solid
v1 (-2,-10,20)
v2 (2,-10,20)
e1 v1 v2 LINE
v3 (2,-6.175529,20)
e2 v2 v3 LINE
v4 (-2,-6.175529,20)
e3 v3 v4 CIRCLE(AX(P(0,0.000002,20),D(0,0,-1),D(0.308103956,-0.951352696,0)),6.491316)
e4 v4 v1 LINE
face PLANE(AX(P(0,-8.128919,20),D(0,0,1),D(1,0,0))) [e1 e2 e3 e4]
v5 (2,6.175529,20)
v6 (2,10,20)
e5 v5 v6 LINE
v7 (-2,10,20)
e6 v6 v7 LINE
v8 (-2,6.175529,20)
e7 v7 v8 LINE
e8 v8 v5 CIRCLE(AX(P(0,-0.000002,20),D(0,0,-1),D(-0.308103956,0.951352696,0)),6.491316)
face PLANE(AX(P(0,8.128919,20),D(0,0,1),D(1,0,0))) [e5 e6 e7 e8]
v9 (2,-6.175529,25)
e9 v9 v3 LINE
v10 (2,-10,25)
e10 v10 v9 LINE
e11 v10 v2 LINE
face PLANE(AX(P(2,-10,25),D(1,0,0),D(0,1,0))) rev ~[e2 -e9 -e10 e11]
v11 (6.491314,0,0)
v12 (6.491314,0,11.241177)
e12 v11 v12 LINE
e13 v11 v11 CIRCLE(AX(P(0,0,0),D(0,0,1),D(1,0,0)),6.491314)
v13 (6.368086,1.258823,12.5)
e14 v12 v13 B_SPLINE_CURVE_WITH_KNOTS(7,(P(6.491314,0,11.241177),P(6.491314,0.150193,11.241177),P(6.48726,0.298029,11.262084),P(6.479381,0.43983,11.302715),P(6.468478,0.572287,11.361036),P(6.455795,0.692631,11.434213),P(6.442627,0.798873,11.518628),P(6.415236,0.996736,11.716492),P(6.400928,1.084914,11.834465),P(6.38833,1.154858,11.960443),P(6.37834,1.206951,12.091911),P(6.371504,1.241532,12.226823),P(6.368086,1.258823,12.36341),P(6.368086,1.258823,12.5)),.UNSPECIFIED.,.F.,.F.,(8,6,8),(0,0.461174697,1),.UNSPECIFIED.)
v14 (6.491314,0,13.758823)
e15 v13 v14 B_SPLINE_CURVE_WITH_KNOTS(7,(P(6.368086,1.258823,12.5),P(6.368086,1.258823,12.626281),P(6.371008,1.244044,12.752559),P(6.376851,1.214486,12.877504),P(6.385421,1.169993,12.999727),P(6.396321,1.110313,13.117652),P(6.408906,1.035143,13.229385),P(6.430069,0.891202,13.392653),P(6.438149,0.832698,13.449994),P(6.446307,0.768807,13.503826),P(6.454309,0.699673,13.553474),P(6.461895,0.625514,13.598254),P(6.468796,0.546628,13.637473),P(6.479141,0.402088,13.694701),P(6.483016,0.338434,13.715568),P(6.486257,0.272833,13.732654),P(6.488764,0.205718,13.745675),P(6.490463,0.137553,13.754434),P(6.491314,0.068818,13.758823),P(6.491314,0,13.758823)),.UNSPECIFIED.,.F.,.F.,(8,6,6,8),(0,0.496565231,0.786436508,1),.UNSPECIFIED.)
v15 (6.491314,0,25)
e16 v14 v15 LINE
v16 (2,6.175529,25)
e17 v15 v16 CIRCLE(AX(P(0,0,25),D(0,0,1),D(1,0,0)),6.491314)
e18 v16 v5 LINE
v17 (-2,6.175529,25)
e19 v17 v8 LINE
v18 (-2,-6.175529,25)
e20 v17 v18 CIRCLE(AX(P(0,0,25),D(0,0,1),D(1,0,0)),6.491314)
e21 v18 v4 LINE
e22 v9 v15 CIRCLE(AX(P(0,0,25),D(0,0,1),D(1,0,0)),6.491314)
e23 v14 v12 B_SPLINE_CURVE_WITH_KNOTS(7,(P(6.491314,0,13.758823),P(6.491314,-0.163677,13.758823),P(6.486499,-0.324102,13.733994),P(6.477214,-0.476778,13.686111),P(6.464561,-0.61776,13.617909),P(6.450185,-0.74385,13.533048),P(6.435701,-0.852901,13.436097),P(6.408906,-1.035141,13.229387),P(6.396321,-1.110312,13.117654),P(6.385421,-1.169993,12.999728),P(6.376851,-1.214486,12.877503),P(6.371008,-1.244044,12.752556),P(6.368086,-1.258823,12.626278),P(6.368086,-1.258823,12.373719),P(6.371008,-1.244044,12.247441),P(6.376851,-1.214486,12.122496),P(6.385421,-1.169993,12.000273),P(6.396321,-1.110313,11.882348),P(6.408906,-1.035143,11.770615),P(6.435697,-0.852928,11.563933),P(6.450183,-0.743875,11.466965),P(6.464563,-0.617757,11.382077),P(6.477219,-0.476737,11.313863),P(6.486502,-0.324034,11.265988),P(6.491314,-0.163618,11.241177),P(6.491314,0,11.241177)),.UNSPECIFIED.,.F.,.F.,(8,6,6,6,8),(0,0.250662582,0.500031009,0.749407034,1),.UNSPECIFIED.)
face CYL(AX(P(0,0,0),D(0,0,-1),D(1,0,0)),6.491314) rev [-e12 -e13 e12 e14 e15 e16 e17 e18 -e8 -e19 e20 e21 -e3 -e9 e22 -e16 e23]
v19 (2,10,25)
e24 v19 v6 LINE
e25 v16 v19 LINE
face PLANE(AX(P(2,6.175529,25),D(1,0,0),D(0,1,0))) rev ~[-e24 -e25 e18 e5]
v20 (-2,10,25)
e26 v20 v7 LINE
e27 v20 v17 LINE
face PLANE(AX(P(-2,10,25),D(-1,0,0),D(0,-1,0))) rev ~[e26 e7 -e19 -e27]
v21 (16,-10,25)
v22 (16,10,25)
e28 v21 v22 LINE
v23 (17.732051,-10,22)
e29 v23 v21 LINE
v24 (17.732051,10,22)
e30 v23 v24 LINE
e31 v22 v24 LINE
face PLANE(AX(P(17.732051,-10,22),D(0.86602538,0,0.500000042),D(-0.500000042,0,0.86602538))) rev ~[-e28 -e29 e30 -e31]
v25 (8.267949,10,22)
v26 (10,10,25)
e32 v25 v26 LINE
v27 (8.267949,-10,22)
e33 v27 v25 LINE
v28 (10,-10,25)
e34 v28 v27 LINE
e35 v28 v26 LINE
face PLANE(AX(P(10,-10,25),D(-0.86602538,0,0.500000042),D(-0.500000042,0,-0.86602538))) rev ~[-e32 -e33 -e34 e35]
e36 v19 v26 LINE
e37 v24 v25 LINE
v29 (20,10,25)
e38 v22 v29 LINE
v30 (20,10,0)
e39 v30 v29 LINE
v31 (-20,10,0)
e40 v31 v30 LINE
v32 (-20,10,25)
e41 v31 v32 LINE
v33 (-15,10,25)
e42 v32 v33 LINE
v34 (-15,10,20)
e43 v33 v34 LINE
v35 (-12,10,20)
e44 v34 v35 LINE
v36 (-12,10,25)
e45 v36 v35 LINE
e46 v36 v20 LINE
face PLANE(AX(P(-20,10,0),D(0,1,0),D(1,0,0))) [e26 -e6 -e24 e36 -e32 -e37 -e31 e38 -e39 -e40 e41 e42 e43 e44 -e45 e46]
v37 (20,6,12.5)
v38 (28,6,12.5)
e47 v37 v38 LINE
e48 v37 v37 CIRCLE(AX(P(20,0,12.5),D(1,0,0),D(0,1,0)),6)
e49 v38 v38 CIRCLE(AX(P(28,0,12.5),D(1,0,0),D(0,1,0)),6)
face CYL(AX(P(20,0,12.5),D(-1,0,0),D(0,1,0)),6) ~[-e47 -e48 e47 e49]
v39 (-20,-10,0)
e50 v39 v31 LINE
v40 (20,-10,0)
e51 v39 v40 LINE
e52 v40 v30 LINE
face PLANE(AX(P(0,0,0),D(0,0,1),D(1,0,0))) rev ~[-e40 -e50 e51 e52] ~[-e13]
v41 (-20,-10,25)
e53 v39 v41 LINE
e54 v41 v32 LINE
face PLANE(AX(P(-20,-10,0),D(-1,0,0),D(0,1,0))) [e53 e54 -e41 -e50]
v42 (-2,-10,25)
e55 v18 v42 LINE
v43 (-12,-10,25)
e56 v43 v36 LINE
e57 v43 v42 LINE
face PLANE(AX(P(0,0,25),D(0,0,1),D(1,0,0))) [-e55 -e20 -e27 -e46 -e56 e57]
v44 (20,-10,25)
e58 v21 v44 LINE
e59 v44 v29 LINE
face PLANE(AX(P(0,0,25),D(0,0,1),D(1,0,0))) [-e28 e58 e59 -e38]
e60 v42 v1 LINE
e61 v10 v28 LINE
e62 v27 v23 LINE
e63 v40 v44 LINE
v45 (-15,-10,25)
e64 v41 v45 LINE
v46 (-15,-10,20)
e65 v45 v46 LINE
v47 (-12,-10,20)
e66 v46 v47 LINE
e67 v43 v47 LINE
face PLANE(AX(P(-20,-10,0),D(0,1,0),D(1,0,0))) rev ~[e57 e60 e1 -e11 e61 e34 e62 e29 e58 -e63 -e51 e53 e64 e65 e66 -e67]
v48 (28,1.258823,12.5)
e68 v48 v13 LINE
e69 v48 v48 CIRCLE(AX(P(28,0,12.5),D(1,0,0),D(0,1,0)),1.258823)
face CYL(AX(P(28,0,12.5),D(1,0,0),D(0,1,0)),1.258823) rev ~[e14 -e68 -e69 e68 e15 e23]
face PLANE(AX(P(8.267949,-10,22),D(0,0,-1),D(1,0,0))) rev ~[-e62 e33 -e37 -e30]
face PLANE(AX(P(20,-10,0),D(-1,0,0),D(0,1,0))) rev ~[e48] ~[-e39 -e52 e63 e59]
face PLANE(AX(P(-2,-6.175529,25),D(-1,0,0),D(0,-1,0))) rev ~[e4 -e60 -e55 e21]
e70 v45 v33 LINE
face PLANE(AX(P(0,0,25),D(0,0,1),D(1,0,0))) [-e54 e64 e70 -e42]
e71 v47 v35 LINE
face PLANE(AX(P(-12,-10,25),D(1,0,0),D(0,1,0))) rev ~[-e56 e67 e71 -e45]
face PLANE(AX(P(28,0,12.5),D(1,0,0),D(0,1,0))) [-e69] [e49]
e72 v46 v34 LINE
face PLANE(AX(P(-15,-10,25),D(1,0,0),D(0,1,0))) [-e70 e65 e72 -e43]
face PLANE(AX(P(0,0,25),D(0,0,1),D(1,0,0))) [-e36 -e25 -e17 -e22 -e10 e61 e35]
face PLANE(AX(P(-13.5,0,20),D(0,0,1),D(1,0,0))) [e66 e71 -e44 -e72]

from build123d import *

# Parameters (mm, degrees)
F0_W     = 40
F0_H     = 20
F0_R     = 6.491314
F1_DEPTH = 25
F2_W     = 3
F2_H     = 20
F3_DEPTH = 5
F5_DEPTH = 20.001
F6_R     = 6
F7_DEPTH = 8
F8_R     = 1.258823
F9_DEPTH = 25


with BuildPart() as f1:
    # F0 (on Top) → F1 (new body)
    with BuildSketch(Plane.XY):
        Rectangle(F0_W, F0_H)
        Circle(F0_R, mode=Mode.SUBTRACT)
    extrude(amount=F1_DEPTH)

    # F2 (on face) → F3 (cut)
    with BuildSketch(Plane.XY.offset(25)):
        with Locations((-13.5, 0)):
            Rectangle(F2_W, F2_H)
        with BuildLine():
            Line((2, 10), (-2, 10))
            Line((-2, 10), (-2, 6.175529))
            ThreePointArc((-2, 6.175529), (0, 6.491314), (2, 6.175529))
            Line((2, 6.175529), (2, 10))
        make_face()
        with BuildLine():
            Line((-2, -6.175529), (-2, -10))
            Line((-2, -10), (2, -10))
            Line((2, -10), (2, -6.175529))
            ThreePointArc((2, -6.175529), (0, -6.491314), (-2, -6.175529))
        make_face()
    extrude(amount=-F3_DEPTH, mode=Mode.SUBTRACT)

    # F4 (on face) → F5 (cut, through all)
    with BuildSketch(Plane.XZ.offset(10)):
        Polygon((16, 25), (10, 25), (8.267949, 22), (17.732051, 22), align=None)
    extrude(amount=-F5_DEPTH, mode=Mode.SUBTRACT)

    # F6 (on face) → F7 (join)
    with BuildSketch(Plane.YZ.offset(20)):
        with Locations((0, 12.5)):
            Circle(F6_R)
    extrude(amount=F7_DEPTH)

    # F8 (on face) → F9 (cut)
    with BuildSketch(Plane.YZ.offset(28)):
        with Locations((0, 12.5)):
            Circle(F8_R)
    extrude(amount=-F9_DEPTH, mode=Mode.SUBTRACT)


solid = f1.part
